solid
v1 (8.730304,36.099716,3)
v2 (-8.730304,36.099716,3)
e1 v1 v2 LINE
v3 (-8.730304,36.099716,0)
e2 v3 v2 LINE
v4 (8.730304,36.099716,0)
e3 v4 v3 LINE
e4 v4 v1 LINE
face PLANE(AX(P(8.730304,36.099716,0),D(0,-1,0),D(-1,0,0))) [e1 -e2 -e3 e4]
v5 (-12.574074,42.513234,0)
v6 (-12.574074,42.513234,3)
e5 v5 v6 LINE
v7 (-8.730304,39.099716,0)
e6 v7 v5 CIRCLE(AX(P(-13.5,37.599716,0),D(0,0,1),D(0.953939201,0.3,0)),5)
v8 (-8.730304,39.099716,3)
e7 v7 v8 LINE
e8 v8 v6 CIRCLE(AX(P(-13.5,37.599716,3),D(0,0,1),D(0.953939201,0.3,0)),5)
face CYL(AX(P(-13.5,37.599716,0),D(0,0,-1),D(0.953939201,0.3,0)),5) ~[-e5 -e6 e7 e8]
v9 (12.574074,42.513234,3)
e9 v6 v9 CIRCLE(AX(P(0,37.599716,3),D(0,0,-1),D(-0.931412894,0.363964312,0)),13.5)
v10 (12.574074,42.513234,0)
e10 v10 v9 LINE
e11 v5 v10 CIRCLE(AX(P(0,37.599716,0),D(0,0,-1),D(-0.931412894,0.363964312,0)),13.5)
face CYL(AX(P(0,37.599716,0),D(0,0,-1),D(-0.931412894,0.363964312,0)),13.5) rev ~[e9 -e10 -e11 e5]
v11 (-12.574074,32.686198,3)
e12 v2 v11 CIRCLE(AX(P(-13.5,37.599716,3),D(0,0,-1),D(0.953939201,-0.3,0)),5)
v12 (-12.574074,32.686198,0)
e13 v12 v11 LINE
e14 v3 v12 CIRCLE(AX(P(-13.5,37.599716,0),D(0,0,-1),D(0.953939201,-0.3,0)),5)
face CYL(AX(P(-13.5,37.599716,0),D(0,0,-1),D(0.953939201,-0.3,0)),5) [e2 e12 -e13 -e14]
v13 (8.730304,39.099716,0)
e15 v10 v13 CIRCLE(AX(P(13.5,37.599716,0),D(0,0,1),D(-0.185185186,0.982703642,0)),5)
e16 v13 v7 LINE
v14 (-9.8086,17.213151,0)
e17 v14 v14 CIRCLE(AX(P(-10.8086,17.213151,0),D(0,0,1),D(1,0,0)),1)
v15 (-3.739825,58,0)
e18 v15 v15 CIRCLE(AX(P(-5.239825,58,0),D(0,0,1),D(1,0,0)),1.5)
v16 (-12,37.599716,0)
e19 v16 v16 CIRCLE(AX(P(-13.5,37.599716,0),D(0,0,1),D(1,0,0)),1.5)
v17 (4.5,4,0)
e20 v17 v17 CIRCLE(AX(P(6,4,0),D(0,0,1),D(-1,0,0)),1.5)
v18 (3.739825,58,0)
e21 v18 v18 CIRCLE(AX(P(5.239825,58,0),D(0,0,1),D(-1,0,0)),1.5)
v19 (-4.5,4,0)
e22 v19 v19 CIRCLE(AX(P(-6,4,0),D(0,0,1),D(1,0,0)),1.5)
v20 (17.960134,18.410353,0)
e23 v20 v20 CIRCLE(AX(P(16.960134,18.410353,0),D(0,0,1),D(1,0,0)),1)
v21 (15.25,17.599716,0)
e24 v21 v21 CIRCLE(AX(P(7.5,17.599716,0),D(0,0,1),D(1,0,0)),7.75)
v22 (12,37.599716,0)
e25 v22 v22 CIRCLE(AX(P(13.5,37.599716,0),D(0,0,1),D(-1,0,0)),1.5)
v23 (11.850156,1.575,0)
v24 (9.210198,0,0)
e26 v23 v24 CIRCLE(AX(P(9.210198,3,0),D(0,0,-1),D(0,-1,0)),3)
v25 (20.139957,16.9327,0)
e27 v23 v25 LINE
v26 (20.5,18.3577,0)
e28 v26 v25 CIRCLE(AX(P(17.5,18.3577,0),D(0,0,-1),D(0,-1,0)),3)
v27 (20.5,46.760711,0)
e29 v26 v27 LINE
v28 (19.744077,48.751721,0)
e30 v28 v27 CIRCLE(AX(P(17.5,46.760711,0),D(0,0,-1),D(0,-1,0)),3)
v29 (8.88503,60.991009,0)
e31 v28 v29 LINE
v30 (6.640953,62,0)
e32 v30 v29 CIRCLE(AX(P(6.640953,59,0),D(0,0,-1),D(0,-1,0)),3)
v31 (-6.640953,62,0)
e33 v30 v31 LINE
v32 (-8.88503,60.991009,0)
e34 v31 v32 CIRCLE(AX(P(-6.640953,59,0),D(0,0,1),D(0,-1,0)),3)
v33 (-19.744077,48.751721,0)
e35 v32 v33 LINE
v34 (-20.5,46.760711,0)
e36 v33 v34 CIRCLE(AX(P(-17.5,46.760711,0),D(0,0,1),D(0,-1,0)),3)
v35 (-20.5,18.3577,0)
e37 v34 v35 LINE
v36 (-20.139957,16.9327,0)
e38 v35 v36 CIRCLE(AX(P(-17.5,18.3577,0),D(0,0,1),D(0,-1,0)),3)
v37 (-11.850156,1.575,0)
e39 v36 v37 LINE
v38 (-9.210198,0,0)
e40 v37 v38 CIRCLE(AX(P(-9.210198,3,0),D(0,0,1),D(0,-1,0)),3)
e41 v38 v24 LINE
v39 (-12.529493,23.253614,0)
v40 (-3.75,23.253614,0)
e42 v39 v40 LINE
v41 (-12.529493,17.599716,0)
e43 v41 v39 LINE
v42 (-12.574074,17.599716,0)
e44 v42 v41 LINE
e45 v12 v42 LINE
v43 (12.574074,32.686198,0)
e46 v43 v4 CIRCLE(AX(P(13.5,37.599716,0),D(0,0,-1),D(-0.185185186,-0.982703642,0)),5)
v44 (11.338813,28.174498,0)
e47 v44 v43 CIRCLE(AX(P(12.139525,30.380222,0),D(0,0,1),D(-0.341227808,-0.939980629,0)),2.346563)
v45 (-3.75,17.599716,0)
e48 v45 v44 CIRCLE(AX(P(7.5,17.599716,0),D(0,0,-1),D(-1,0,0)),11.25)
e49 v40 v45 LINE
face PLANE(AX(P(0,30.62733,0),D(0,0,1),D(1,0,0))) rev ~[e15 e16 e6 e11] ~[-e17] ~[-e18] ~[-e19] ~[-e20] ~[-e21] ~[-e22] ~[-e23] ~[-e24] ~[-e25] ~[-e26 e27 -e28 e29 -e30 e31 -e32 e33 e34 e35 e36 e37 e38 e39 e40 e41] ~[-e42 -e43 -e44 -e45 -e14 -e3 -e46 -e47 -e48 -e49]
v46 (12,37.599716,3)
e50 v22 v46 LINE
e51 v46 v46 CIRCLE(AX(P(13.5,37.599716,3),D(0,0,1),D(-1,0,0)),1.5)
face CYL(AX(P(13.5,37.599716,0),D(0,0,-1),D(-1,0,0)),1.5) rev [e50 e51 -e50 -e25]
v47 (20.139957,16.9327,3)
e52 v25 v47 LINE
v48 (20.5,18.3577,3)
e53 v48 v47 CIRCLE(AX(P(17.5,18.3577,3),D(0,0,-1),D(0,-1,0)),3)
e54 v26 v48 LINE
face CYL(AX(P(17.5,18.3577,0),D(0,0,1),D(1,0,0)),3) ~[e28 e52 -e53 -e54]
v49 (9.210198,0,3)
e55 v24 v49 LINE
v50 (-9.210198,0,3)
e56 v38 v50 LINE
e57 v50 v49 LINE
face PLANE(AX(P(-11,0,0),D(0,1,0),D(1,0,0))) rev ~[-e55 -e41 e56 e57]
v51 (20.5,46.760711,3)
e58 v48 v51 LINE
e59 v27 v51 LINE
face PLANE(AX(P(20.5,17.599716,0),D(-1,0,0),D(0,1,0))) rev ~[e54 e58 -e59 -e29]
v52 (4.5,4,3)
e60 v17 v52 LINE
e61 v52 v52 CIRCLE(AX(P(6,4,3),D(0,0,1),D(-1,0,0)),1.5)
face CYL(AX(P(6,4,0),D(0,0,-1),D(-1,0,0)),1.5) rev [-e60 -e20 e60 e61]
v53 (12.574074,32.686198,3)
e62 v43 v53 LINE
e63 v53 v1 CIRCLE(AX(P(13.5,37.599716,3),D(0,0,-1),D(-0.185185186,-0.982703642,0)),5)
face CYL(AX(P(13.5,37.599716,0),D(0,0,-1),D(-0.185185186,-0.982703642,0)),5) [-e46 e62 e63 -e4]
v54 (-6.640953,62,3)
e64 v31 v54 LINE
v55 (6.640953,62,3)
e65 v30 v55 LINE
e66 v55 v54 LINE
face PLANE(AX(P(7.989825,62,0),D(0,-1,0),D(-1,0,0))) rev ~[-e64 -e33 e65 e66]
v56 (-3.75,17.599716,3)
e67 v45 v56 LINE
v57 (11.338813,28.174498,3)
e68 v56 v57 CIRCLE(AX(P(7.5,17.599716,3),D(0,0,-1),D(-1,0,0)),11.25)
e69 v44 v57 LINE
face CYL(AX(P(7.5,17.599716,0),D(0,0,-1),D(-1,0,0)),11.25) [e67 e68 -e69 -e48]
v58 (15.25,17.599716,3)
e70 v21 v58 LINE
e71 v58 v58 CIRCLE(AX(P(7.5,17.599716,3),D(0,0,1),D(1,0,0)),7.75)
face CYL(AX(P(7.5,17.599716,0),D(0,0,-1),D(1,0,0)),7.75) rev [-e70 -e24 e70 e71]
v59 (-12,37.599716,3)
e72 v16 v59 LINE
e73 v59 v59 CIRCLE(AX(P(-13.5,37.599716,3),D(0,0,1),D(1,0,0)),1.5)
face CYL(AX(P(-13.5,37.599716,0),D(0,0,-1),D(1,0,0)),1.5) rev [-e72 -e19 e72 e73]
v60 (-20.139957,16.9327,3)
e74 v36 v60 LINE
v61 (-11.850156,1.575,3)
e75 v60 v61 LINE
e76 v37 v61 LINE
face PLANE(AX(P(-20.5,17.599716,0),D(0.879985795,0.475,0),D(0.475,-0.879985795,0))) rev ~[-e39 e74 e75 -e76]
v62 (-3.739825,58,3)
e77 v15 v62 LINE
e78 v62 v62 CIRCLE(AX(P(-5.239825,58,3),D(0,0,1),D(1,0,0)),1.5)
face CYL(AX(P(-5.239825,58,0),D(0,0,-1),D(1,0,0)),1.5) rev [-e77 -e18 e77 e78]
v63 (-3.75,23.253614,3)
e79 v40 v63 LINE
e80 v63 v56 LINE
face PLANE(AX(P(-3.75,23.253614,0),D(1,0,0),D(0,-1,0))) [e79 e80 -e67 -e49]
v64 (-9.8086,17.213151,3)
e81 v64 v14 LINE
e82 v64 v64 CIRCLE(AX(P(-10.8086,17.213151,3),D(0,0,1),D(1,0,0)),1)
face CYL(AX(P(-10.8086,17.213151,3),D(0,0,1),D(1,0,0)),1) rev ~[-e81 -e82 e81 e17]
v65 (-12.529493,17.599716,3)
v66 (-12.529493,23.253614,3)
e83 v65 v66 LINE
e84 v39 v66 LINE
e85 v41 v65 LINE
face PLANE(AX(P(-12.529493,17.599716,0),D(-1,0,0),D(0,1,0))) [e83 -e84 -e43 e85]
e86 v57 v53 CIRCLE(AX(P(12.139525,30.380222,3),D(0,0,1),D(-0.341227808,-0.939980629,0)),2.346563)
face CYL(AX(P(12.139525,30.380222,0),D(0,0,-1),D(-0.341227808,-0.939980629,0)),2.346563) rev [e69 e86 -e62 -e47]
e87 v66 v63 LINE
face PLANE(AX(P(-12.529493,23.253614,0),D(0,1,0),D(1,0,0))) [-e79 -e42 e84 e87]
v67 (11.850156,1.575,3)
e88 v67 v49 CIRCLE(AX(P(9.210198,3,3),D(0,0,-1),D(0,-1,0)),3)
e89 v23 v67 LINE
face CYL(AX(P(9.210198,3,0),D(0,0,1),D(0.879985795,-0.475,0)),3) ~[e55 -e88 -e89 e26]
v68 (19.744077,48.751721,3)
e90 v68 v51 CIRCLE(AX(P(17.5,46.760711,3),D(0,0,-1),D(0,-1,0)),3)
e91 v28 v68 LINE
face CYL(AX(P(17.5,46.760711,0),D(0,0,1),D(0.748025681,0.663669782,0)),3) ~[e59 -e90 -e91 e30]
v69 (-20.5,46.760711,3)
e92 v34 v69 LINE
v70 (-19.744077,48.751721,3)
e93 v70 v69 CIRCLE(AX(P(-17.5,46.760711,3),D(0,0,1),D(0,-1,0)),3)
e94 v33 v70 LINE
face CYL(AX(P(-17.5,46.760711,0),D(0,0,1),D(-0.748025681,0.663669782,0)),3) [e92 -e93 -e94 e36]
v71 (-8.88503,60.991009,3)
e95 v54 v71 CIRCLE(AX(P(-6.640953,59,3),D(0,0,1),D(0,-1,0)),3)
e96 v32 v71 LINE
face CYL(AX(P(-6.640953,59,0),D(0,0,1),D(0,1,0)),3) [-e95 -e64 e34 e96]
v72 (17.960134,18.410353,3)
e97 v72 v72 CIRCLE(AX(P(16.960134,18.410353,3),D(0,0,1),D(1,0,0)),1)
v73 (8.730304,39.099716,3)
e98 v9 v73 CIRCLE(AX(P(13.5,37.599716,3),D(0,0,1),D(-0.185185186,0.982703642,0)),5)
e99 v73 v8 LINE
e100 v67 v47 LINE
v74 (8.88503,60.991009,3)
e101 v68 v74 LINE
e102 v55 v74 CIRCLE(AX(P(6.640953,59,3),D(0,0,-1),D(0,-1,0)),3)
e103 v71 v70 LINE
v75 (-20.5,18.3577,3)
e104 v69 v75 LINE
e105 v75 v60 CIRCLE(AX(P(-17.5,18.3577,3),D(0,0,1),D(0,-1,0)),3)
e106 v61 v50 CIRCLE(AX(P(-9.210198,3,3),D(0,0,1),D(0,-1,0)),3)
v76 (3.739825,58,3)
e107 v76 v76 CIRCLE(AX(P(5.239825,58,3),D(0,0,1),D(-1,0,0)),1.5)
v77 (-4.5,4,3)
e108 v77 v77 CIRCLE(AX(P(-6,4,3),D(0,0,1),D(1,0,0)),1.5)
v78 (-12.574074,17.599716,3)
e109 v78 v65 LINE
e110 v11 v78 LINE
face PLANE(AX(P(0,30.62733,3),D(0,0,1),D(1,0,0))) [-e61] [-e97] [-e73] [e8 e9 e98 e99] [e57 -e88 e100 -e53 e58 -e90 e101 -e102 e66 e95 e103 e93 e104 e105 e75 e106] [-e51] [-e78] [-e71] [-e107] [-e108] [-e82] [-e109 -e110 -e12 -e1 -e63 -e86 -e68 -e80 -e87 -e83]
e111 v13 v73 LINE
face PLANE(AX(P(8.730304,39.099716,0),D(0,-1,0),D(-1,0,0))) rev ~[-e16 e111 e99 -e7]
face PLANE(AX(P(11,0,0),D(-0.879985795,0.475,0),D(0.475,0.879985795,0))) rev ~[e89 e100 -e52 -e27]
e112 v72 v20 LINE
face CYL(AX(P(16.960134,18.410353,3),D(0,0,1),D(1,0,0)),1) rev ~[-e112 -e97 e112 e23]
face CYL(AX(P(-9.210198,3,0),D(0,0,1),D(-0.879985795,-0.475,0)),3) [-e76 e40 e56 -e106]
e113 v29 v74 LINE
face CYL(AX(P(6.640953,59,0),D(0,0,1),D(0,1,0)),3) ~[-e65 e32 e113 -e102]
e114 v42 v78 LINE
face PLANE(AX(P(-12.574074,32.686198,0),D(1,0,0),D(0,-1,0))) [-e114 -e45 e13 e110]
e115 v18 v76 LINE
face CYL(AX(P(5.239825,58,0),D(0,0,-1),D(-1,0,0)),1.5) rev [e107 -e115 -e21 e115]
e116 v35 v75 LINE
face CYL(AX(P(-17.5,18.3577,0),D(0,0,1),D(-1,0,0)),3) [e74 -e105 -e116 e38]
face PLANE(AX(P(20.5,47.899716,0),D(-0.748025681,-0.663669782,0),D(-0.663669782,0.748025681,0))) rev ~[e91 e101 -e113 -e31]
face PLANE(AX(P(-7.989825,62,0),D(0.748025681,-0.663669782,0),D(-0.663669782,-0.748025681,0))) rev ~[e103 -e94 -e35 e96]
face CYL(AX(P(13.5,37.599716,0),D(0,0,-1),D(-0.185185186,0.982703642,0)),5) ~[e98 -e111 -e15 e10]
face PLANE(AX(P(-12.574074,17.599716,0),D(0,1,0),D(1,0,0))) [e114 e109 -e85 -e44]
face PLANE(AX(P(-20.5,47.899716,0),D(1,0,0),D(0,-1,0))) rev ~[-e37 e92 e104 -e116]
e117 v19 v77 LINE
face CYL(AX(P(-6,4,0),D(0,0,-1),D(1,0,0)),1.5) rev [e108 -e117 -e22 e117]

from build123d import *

# Parameters (mm, degrees)
SKETCH1_R           = 1.5
SKETCH1_R_2         = 7.75
BOSS_EXTRUDE1_DEPTH = 3
FILLET1_R           = 3
SKETCH2_R           = 1
CUT_EXTRUDE1_DEPTH  = 10


with BuildPart() as part:
    # Sketch1 → Boss-Extrude1 (new body)
    with BuildSketch(Plane.XY):
        Polygon((7.989824602, 62), (-7.989824602, 62), (-20.5, 47.899715907), (-20.5, 17.599715907), (-11, 0), (0, 0), (11, 0), (20.5, 17.599715907), (20.5, 47.899715907), align=None)
        with Locations((-6, 4)):
            Circle(SKETCH1_R, mode=Mode.SUBTRACT)
        with Locations((-13.5, 37.599715907)):
            Circle(SKETCH1_R, mode=Mode.SUBTRACT)
        with Locations((-5.239824602, 58)):
            Circle(SKETCH1_R, mode=Mode.SUBTRACT)
        with Locations(Location((5.239824602, 58, 0), (0, 0, 180))):
            Circle(SKETCH1_R, mode=Mode.SUBTRACT)
        with Locations(Location((13.5, 37.599715907, 0), (0, 0, 180))):
            Circle(SKETCH1_R, mode=Mode.SUBTRACT)
        with Locations(Location((6, 4, 0), (0, 0, 180))):
            Circle(SKETCH1_R, mode=Mode.SUBTRACT)
        with Locations((7.5, 17.599715907)):
            Circle(SKETCH1_R_2, mode=Mode.SUBTRACT)
        with BuildLine():
            Line((8.730303993, 36.099715907), (-8.730303993, 36.099715907))
            ThreePointArc((-8.730303993, 36.099715907), (-10.179901517, 33.861140502), (-12.574074074, 32.686197699))
            Line((-12.574074074, 32.686197699), (-12.574074074, 17.599715907))
            Line((-12.574074074, 17.599715907), (-12.52949298, 17.599715907))
            Line((-12.52949298, 17.599715907), (-12.52949298, 23.253614409))
            Line((-12.52949298, 23.253614409), (-3.75, 23.253614409))
            Line((-3.75, 23.253614409), (-3.75, 17.599715907))
            ThreePointArc((-3.75, 17.599715907), (1.043381087, 26.812455576), (11.338812838, 28.174497985))
            ThreePointArc((11.338812838, 28.174497985), (14.402792388, 29.760560356), (12.574074074, 32.686197699))
            ThreePointArc((12.574074074, 32.686197699), (10.179901517, 33.861140502), (8.730303993, 36.099715907))
        make_face(mode=Mode.SUBTRACT)
        with BuildLine():
            Line((8.730303993, 39.099715907), (-8.730303993, 39.099715907))
            ThreePointArc((-8.730303993, 39.099715907), (-10.179901517, 41.338291312), (-12.574074074, 42.513234115))
            ThreePointArc((-12.574074074, 42.513234115), (0, 51.099715907), (12.574074074, 42.513234115))
            ThreePointArc((12.574074074, 42.513234115), (10.179901517, 41.338291312), (8.730303993, 39.099715907))
        make_face(mode=Mode.SUBTRACT)
    extrude(amount=BOSS_EXTRUDE1_DEPTH)

    # Fillet1
    fillet1_edges = [part.edges().sort_by_distance(p)[0] for p in [
        (-11, 0, 1.5),
        (-20.5, 17.599715907, 1.5),
        (-20.5, 47.899715907, 1.5),
        (-7.989824602, 62, 1.5),
        (7.989824602, 62, 1.5),
        (20.5, 47.899715907, 1.5),
        (20.5, 17.599715907, 1.5),
        (11, 0, 1.5),
    ]]
    fillet(fillet1_edges, radius=FILLET1_R)

    # Sketch2 → Cut-Extrude1 (cut)
    with BuildSketch(Plane.XY.offset(3)):
        with Locations((16.960133769, 18.410352932)):
            Circle(SKETCH2_R)
        with Locations((-10.808600311, 17.213150766)):
            Circle(SKETCH2_R)
    extrude(amount=-CUT_EXTRUDE1_DEPTH, mode=Mode.SUBTRACT)


solid = part.part
